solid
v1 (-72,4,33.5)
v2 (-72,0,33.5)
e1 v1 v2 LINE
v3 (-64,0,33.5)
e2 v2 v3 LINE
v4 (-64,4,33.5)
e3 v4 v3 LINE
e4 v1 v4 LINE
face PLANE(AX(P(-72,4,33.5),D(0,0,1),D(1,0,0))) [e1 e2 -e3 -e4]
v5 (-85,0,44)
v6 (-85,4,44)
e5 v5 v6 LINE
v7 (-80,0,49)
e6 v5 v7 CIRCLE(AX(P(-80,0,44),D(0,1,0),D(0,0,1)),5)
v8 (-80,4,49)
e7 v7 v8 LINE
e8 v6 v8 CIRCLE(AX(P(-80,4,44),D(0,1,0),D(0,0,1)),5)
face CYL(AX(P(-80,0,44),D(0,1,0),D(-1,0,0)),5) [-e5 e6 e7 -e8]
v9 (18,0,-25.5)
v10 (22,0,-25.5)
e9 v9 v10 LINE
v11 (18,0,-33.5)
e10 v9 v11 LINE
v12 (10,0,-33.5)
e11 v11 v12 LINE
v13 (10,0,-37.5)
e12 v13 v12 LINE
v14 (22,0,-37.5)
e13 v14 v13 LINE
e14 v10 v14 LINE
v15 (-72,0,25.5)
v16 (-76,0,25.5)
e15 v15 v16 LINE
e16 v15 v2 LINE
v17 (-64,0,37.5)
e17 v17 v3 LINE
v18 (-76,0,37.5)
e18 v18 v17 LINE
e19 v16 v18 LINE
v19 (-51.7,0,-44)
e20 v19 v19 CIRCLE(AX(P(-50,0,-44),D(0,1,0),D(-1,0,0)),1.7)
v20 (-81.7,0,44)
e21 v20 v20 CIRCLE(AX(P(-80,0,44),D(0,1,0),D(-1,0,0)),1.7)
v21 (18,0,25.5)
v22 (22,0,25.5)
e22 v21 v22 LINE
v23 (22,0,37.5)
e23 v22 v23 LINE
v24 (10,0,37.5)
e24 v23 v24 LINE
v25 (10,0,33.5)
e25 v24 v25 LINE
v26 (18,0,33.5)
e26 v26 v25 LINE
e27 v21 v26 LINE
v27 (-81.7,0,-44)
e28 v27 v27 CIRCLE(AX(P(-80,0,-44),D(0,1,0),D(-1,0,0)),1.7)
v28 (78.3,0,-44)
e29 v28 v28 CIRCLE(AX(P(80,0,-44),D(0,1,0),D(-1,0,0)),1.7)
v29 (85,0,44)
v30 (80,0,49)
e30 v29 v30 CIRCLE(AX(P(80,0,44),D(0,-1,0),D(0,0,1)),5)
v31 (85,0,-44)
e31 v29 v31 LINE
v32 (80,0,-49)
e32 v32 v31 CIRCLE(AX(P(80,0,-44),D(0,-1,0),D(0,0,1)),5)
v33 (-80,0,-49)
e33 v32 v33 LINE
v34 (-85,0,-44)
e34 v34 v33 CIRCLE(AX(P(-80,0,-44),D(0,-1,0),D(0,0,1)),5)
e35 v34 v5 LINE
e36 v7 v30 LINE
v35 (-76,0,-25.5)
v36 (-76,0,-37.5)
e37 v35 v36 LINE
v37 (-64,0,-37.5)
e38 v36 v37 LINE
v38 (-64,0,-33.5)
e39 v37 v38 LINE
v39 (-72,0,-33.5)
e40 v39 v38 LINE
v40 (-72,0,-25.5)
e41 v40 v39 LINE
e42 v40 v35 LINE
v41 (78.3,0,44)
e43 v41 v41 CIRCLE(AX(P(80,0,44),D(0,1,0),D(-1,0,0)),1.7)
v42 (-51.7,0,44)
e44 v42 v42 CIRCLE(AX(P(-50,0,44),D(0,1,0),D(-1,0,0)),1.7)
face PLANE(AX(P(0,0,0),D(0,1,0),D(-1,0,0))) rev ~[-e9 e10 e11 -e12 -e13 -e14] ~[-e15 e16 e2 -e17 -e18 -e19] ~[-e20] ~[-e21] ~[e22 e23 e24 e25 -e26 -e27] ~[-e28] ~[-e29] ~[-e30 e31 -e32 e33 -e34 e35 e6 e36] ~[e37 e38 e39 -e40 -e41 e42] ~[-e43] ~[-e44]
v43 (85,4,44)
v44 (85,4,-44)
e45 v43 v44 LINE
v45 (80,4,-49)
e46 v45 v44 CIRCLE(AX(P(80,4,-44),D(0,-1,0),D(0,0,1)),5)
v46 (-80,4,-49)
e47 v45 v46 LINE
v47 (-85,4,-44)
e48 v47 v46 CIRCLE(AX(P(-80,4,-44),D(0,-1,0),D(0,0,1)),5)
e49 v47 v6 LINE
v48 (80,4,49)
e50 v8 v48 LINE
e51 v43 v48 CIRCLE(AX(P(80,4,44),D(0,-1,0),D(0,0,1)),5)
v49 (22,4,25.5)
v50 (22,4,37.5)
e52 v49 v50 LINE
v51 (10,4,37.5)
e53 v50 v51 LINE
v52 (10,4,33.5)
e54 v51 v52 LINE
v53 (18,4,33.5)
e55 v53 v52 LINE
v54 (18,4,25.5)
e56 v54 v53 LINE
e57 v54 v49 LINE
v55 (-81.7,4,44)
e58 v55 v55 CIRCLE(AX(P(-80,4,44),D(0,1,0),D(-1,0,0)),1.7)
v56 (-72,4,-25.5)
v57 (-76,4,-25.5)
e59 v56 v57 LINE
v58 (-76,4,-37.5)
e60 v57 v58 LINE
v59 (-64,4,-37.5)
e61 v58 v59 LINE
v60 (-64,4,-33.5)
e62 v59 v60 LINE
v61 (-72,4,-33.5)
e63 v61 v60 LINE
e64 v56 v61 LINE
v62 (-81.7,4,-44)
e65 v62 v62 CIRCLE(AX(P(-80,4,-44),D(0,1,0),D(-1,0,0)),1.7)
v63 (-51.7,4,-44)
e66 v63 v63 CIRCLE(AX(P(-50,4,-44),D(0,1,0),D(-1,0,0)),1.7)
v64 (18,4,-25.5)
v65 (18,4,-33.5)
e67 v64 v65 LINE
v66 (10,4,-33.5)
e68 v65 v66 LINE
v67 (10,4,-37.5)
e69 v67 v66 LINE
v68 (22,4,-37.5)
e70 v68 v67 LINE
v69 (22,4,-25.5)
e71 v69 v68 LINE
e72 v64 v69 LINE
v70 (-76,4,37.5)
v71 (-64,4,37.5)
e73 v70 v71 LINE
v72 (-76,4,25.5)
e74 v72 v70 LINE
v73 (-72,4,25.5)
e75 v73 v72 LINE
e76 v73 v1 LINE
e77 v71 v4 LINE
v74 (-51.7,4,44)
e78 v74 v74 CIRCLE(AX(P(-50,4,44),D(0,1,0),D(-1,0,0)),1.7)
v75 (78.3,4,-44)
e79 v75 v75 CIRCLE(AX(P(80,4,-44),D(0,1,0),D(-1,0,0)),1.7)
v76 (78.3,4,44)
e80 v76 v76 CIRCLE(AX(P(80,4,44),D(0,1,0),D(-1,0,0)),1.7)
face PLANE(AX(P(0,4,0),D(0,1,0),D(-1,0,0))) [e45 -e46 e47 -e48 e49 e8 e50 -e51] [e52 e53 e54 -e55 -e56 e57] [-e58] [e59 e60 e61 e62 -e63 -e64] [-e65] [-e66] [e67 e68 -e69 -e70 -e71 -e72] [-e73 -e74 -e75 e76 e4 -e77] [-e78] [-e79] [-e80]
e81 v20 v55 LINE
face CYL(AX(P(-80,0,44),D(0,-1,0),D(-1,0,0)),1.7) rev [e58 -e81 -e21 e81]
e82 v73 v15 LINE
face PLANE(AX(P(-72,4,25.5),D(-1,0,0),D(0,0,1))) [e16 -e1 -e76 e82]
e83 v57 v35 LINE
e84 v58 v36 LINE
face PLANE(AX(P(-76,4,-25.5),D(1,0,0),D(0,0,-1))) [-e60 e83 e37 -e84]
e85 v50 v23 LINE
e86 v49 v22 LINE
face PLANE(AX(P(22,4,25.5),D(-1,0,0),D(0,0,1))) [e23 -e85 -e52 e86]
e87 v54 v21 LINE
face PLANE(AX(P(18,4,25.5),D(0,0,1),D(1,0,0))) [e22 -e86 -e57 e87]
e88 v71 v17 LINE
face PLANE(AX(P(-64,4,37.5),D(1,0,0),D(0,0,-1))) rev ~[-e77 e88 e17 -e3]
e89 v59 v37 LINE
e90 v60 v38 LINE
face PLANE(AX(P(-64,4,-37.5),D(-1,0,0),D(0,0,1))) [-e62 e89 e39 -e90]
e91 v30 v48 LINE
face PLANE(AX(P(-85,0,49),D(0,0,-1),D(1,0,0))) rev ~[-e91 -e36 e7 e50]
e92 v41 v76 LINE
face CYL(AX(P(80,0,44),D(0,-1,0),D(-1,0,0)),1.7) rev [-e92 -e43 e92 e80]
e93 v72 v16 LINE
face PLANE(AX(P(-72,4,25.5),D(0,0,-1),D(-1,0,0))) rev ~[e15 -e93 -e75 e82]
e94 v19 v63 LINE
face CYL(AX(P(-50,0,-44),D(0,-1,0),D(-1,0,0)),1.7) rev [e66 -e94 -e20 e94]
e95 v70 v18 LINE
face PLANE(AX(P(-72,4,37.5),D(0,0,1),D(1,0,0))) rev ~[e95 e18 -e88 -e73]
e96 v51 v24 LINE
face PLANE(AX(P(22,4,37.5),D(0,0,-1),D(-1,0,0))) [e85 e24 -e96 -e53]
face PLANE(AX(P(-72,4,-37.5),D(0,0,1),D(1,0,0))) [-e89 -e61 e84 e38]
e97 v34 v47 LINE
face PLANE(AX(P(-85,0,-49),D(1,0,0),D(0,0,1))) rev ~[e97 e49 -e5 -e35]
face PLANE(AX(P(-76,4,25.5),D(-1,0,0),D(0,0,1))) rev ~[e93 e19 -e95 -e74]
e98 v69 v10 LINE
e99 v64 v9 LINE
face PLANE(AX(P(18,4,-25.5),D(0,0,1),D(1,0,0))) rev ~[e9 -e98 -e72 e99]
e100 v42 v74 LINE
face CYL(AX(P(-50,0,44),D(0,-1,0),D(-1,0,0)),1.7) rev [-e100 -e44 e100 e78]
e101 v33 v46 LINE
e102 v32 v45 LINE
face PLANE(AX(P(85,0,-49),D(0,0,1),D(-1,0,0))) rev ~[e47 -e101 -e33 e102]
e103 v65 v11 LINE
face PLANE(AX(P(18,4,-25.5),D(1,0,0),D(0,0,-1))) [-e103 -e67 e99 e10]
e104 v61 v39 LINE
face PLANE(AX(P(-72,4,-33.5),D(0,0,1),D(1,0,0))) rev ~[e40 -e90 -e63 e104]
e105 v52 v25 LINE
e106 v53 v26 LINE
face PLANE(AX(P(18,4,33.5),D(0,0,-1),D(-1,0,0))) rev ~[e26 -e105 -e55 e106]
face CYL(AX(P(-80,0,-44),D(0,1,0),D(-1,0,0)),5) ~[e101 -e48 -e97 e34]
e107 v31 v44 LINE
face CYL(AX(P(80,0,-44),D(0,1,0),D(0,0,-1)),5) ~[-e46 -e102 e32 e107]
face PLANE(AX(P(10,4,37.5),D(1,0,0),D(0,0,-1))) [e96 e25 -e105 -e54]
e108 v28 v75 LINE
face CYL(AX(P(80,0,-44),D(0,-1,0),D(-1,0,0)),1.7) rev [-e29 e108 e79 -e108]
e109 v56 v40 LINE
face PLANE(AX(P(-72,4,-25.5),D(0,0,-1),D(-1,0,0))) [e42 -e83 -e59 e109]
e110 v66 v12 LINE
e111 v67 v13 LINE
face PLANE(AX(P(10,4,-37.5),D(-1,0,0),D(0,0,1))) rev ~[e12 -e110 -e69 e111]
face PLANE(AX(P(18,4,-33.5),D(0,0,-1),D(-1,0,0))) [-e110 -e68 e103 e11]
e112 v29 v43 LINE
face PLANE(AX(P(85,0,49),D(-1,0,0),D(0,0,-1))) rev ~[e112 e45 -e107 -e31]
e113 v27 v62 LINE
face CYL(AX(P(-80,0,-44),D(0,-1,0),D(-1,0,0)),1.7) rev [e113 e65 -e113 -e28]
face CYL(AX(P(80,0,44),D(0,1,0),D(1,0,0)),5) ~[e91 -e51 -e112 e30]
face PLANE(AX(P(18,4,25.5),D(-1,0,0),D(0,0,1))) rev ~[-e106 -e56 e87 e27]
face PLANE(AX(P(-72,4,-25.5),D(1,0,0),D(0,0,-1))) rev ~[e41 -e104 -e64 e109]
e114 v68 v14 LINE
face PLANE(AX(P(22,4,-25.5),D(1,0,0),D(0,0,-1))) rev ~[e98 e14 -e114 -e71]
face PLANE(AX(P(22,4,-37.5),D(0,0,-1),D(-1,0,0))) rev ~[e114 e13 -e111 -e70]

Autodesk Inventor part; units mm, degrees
ref_plane "YZ Plane" through (0, 0, 0) normal (1, 0, 0) x (0, 1, 0)
ref_plane "XZ Plane" through (0, 0, 0) normal (0, 1, 0) x (-1, 0, 0)
ref_plane "XY Plane" through (0, 0, 0) normal (0, 0, 1) x (1, 0, 0)
sketch "Sketch1" plane through (0, 0, 0) normal (0, 1, 0) x (-1, 0, 0)
  line L0 (85, 49) -> (-85, 49)
  line L1 (-85, 49) -> (-85, -49)
  line L2 (-85, -49) -> (85, -49)
  line L3 (85, -49) -> (85, 49)
  line L4 (85, 49) -> (-85, -49) construction
  line L5 (-85, 49) -> (85, -49) construction
  circle A0 centre (80, -44) radius 1.7
  circle A1 centre (80, 44) radius 1.7
  circle A2 centre (-80, -44) radius 1.7
  circle A3 centre (-80, 44) radius 1.7
  circle A4 centre (50, -44) radius 1.7
  circle A5 centre (50, 44) radius 1.7
  point P0 (0, 0)
  dimension "d0" = 170
  dimension "d1" = 98
  dimension "d2" = 5
  dimension "d3" = 5
  dimension "d4" = 3.4
  dimension "d7" = 88
  dimension "d10" = 160
  dimension "d25" = 30
extrude "Extrusion1" add sketch "Sketch1" along normal blind 4
fillet "Fillet1" radius 5 4 edges at (85, 2, 49) (85, 2, -49) (-85, 2, 49) (-85, 2, -49)
sketch "Sketch2" plane through (0, 4, 0) normal (0, 1, 0) x (1, 0, 0)
  line L0 (-85, 44) -> (-85, -44) projected
  line L1 (-72, -33.5) -> (-62, -33.5)
  line L2 (-72, -37.5) -> (-72, -33.5)
  line L3 (-72, -23.5) -> (-72, -37.5)
  line L4 (18, 33.5) -> (10, 33.5)
  line L5 (10, 33.5) -> (10, 25.5)
  line L6 (10, 25.5) -> (18, 25.5)
  line L7 (18, 25.5) -> (18, 33.5)
  line L8 (10, 25.5) -> (22, 25.5)
  line L9 (22, 25.5) -> (22, 37.5)
  line L10 (22, 37.5) -> (10, 37.5)
  line L11 (10, 37.5) -> (10, 25.5)
  line L12 (-72, -33.5) -> (-64, -33.5)
  line L13 (-64, -33.5) -> (-64, -25.5)
  line L14 (-64, -25.5) -> (-72, -25.5)
  line L15 (-72, -25.5) -> (-72, -33.5)
  line L16 (-64, -25.5) -> (-76, -25.5)
  line L17 (-76, -25.5) -> (-76, -37.5)
  line L18 (-76, -37.5) -> (-64, -37.5)
  line L19 (-64, -37.5) -> (-64, -25.5)
  line L20 (-25.0039, 0) -> (-47.7766, 0)
  line L21 (-72, 33.5) -> (-62, 33.5)
  line L22 (-72, 37.5) -> (-72, 33.5)
  line L23 (-72, 23.5) -> (-72, 37.5)
  line L24 (18, -33.5) -> (10, -33.5)
  line L25 (10, -33.5) -> (10, -25.5)
  line L26 (10, -25.5) -> (18, -25.5)
  line L27 (18, -25.5) -> (18, -33.5)
  line L28 (10, -25.5) -> (22, -25.5)
  line L29 (22, -25.5) -> (22, -37.5)
  line L30 (22, -37.5) -> (10, -37.5)
  line L31 (10, -37.5) -> (10, -25.5)
  line L32 (-72, 33.5) -> (-64, 33.5)
  line L33 (-64, 33.5) -> (-64, 25.5)
  line L34 (-64, 25.5) -> (-72, 25.5)
  line L35 (-72, 25.5) -> (-72, 33.5)
  line L36 (-64, 25.5) -> (-76, 25.5)
  line L37 (-76, 25.5) -> (-76, 37.5)
  line L38 (-76, 37.5) -> (-64, 37.5)
  line L39 (-64, 37.5) -> (-64, 25.5)
  point P0 (0, 0)
  point P1 (10, 33.5)
  point P2 (18, 25.5)
  dimension "d30" = 13
  dimension "d31" = 33.5
  dimension "d36" = 67
  dimension "d37" = 90
  dimension "d38" = 8
  dimension "d39" = 8
  dimension "d40" = 12
  dimension "d41" = 12
  dimension "d44" = 8
  dimension "d45" = 8
  dimension "d46" = 12
  dimension "d47" = 12
extrude "Extrusion2" cut sketch "Sketch2" against normal through all contours L1 L19 L18 L2 | L2 L18 L17 L16 L3 | L4 L11 L10 L9 L8 L7 | L22 L38 L39 L21 | L23 L36 L37 L38 L22 | L27 L28 L29 L30 L31 L24
sketch "Sketch3" plane through (0, 4, 0) normal (0, 1, 0) x (1, 0, 0)
  line L0 (-64, -33.5) -> (-64, -37.5) projected
  line L1 (-64, -37.5) -> (-76, -37.5) projected
  line L2 (-76, -37.5) -> (-76, -25.5) projected
  line L3 (-76, -25.5) -> (-72, -25.5) projected
  line L4 (-72, -25.5) -> (-72, -33.5) projected
  line L5 (-72, -33.5) -> (-64, -33.5) projected
  line L6 (18, -25.5) -> (22, -25.5) projected
  line L7 (22, -25.5) -> (22, -37.5) projected
  line L8 (22, -37.5) -> (10, -37.5) projected
  line L9 (10, -37.5) -> (10, -33.5) projected
  line L10 (10, -33.5) -> (18, -33.5) projected
  line L11 (18, -33.5) -> (18, -25.5) projected
  line L12 (18, 33.5) -> (10, 33.5) projected
  line L13 (10, 33.5) -> (10, 37.5) projected
  line L14 (10, 37.5) -> (22, 37.5) projected
  line L15 (22, 37.5) -> (22, 25.5) projected
  line L16 (22, 25.5) -> (18, 25.5) projected
  line L17 (18, 25.5) -> (18, 33.5) projected
  line L18 (-76, 25.5) -> (-76, 37.5) projected
  line L19 (-76, 37.5) -> (-64, 37.5) projected
  line L20 (-64, 37.5) -> (-64, 33.5) projected
  line L21 (-64, 33.5) -> (-72, 33.5) projected
  line L22 (-72, 33.5) -> (-72, 25.5) projected
  line L23 (-72, 25.5) -> (-76, 25.5) projected
  arc A0 (-80, 49) -> (-85, 44) centre (-80, 44) ccw projected
  line L24 (-85, 44) -> (-85, -44) projected
  arc A1 (-85, -44) -> (-80, -49) centre (-80, -44) ccw projected
  line L25 (-80, -49) -> (80, -49) projected
  arc A2 (80, -49) -> (85, -44) centre (80, -44) ccw projected
  line L26 (85, -44) -> (85, 44) projected
  arc A3 (85, 44) -> (80, 49) centre (80, 44) ccw projected
  line L27 (80, 49) -> (-80, 49) projected
  circle A4 centre (-80, 44) radius 1.7 projected
  circle A5 centre (-80, -44) radius 1.7 projected
  circle A6 centre (80, 44) radius 1.7 projected
  circle A7 centre (80, -44) radius 1.7 projected
  circle A8 centre (-50, 44) radius 1.7 projected
  circle A9 centre (-50, -44) radius 1.7 projected
  point P0 (0, 0)
equation "\"d39\" = d38"
equation "\"d41\" = d40"
equation "\"d44\" = d39"
equation "\"d45\" = d44"
equation "\"d46\" = d41"
equation "\"d47\" = d41"
properties part number "upper_plate" material "MDF Medium Density Fiberboard"
